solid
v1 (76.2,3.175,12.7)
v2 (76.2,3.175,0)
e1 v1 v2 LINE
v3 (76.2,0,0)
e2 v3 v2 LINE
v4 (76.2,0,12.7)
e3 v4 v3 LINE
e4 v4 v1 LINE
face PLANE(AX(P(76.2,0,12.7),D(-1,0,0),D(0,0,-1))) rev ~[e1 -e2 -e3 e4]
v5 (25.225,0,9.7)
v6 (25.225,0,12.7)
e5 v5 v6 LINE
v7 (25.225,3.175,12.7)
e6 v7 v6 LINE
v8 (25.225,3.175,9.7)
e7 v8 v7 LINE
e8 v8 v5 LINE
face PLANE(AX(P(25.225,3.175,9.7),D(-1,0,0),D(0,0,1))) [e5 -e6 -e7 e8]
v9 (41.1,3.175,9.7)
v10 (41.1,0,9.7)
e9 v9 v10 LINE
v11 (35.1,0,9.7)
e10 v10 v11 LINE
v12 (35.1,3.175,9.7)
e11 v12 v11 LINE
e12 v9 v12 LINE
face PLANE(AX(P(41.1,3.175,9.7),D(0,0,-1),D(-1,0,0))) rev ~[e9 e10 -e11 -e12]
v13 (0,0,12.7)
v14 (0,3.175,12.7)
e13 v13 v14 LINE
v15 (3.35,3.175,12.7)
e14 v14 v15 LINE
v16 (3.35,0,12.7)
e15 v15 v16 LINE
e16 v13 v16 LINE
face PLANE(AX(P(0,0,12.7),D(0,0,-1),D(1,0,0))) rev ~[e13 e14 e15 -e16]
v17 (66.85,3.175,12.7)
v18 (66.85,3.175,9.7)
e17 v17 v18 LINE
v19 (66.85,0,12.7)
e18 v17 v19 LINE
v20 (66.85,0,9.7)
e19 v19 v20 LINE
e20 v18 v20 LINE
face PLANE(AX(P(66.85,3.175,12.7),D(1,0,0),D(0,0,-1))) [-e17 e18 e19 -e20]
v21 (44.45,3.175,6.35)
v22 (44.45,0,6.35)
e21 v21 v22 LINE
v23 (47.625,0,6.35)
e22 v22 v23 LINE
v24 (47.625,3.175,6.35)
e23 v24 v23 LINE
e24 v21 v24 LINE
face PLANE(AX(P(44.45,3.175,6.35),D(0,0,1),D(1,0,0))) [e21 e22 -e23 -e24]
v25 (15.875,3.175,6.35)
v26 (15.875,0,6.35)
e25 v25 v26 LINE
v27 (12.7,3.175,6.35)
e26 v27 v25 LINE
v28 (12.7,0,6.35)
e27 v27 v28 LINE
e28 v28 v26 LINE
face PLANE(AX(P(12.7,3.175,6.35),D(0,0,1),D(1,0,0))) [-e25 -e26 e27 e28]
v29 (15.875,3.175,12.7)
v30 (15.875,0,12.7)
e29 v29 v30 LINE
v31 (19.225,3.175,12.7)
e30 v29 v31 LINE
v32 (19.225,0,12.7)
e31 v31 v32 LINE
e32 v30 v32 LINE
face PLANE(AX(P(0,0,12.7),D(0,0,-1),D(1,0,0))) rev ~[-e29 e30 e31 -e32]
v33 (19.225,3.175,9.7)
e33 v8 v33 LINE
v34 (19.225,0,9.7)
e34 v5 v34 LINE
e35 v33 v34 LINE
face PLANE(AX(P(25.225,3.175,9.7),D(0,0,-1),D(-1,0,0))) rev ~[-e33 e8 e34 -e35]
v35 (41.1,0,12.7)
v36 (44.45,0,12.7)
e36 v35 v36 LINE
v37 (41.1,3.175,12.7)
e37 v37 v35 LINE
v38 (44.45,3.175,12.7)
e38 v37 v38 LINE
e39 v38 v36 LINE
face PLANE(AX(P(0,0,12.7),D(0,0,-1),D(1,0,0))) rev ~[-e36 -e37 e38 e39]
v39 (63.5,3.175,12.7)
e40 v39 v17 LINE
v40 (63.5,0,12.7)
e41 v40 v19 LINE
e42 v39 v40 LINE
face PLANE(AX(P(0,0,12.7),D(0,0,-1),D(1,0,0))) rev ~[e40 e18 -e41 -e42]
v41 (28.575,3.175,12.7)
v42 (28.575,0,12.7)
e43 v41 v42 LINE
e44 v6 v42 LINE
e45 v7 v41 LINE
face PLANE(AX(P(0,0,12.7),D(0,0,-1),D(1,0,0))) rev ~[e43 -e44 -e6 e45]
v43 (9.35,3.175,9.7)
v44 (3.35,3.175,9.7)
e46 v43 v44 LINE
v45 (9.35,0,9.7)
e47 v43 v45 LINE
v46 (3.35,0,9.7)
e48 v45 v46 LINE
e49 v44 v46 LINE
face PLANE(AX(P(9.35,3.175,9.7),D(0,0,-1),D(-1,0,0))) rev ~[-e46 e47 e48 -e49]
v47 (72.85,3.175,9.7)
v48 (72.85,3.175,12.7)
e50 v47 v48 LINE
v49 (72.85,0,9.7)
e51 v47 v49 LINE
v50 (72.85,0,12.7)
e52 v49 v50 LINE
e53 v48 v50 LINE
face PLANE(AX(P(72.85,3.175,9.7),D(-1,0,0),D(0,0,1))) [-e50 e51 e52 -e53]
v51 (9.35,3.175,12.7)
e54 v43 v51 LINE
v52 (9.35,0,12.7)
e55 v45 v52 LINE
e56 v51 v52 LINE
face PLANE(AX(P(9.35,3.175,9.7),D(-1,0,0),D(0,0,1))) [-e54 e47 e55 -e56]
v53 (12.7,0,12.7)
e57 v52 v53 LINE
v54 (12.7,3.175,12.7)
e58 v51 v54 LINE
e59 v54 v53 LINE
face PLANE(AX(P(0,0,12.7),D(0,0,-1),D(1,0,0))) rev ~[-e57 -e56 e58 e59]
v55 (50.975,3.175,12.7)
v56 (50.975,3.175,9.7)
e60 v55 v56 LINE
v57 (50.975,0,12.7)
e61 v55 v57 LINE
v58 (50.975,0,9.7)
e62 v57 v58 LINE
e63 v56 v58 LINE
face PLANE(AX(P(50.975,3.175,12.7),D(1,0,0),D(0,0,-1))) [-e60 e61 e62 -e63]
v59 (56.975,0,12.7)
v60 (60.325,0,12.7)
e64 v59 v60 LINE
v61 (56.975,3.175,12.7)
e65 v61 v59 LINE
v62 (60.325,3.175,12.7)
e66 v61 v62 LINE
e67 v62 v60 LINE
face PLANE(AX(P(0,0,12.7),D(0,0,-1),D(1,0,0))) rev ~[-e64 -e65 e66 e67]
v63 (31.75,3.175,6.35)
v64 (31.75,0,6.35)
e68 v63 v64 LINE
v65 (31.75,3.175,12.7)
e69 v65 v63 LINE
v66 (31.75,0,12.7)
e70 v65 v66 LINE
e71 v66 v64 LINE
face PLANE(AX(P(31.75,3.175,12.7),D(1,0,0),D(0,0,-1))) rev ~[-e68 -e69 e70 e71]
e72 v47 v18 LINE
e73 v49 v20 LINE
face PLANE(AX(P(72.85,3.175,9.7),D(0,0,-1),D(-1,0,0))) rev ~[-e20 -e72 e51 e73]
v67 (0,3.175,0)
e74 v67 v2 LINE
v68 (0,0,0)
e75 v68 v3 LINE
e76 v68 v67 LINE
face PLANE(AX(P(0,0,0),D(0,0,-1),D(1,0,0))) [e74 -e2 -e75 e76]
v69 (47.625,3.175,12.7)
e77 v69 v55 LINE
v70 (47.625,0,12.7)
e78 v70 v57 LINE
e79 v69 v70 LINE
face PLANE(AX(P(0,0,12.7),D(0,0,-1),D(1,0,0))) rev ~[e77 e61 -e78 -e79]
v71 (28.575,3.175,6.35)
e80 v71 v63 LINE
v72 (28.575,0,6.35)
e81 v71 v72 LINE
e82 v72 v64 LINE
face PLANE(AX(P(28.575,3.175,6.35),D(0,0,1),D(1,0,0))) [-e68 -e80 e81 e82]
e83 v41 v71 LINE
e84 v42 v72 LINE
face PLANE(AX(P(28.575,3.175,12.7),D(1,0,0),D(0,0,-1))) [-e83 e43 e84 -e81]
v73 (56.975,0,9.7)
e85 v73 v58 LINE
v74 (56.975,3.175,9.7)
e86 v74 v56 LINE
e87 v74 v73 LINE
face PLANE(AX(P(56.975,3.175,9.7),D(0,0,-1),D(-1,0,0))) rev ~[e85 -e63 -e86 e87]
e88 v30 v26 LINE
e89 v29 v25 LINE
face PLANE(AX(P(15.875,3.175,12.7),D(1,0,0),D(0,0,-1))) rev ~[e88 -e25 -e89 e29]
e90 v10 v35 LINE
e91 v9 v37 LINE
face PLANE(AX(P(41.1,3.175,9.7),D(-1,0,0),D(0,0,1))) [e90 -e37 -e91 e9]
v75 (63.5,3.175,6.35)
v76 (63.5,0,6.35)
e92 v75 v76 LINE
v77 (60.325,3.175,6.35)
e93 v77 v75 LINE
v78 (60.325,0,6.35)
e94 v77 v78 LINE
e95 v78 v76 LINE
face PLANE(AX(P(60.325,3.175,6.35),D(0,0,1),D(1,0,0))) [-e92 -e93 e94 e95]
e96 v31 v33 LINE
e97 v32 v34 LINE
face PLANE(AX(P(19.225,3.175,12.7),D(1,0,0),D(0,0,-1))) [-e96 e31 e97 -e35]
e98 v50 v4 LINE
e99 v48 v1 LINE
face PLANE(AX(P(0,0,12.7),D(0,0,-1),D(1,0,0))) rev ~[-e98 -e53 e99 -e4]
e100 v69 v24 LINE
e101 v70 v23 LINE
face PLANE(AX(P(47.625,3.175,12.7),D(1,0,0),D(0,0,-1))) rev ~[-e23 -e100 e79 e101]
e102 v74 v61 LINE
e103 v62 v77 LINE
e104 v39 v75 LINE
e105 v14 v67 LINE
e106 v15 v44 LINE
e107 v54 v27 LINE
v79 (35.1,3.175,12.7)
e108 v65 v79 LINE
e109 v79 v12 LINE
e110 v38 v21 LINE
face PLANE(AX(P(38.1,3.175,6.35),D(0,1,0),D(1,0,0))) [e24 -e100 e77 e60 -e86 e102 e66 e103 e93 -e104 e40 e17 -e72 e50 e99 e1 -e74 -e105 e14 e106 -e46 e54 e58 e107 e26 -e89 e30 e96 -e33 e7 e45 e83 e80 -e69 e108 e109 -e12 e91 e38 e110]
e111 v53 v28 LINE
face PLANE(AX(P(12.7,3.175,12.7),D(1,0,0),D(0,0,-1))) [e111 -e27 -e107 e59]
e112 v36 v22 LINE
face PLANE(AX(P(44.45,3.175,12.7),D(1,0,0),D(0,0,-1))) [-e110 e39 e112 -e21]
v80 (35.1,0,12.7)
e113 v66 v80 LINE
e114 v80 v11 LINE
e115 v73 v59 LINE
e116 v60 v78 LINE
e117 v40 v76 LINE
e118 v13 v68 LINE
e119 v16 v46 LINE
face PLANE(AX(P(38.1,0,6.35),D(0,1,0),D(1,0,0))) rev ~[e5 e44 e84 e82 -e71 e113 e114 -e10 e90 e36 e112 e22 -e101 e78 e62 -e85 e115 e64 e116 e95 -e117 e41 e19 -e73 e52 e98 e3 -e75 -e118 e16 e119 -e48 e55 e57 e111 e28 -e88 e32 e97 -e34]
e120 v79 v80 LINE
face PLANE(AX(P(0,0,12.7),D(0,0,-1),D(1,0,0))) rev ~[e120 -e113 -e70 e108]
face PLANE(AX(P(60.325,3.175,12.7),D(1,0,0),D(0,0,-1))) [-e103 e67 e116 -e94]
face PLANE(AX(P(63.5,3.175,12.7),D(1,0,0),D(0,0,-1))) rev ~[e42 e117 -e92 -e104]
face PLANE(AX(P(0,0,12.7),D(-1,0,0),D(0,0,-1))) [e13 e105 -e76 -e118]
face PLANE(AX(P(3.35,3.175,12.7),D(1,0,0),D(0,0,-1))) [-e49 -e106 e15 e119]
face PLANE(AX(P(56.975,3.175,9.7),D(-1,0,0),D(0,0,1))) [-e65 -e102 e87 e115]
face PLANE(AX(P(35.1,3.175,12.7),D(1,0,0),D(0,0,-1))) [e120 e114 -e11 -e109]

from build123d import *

# Parameters (mm, degrees)
SKETCH1_W           = 76.2
SKETCH1_H           = 12.7
BOSS_EXTRUDE1_DEPTH = 3.175
SKETCH4_W           = 3.175
SKETCH4_H           = 6.35
CUT_EXTRUDE1_DEPTH  = 4.175
LPATTERN1_COUNT     = 4
LPATTERN1_PITCH     = 15.875
CUT_EXTRUDE2_DEPTH  = 4.175
LPATTERN2_COUNT     = 5
LPATTERN2_PITCH     = 15.875


with BuildPart() as part:
    # Sketch1 → Boss-Extrude1 (new body)
    with BuildSketch(Plane(origin=(0, 0, 0), x_dir=(1, 0, 0), z_dir=(0, 1, 0))):
        with Locations((38.1, -6.35)):
            Rectangle(SKETCH1_W, SKETCH1_H)
    extrude(amount=BOSS_EXTRUDE1_DEPTH)

    # Sketch4 → Cut-Extrude1 (cut, through all)
    with BuildSketch(Plane(origin=(0, 3.175, 0), x_dir=(1, 0, 0), z_dir=(0, 1, 0))):
        with Locations((14.2875, -9.525)):
            Rectangle(SKETCH4_W, SKETCH4_H)
    cut_extrude1 = extrude(amount=-CUT_EXTRUDE1_DEPTH, mode=Mode.SUBTRACT)

    # LPattern1: Cut-Extrude1 ×4
    with Locations(*[(i * LPATTERN1_PITCH, 0, 0) for i in range(1, LPATTERN1_COUNT)]):
        add(cut_extrude1, mode=Mode.SUBTRACT)

    # Sketch5 → Cut-Extrude2 (cut, through all)
    with BuildSketch(Plane(origin=(0, 3.175, 0), x_dir=(1, 0, 0), z_dir=(0, 1, 0))):
        Polygon((6.35, -9.7), (9.35, -9.7), (9.35, -12.7), (3.35, -12.7), (3.35, -9.7), align=None)
    cut_extrude2 = extrude(amount=-CUT_EXTRUDE2_DEPTH, mode=Mode.SUBTRACT)

    # LPattern2: Cut-Extrude2 ×5
    with Locations(*[(i * LPATTERN2_PITCH, 0, 0) for i in range(1, LPATTERN2_COUNT)]):
        add(cut_extrude2, mode=Mode.SUBTRACT)


solid = part.part
